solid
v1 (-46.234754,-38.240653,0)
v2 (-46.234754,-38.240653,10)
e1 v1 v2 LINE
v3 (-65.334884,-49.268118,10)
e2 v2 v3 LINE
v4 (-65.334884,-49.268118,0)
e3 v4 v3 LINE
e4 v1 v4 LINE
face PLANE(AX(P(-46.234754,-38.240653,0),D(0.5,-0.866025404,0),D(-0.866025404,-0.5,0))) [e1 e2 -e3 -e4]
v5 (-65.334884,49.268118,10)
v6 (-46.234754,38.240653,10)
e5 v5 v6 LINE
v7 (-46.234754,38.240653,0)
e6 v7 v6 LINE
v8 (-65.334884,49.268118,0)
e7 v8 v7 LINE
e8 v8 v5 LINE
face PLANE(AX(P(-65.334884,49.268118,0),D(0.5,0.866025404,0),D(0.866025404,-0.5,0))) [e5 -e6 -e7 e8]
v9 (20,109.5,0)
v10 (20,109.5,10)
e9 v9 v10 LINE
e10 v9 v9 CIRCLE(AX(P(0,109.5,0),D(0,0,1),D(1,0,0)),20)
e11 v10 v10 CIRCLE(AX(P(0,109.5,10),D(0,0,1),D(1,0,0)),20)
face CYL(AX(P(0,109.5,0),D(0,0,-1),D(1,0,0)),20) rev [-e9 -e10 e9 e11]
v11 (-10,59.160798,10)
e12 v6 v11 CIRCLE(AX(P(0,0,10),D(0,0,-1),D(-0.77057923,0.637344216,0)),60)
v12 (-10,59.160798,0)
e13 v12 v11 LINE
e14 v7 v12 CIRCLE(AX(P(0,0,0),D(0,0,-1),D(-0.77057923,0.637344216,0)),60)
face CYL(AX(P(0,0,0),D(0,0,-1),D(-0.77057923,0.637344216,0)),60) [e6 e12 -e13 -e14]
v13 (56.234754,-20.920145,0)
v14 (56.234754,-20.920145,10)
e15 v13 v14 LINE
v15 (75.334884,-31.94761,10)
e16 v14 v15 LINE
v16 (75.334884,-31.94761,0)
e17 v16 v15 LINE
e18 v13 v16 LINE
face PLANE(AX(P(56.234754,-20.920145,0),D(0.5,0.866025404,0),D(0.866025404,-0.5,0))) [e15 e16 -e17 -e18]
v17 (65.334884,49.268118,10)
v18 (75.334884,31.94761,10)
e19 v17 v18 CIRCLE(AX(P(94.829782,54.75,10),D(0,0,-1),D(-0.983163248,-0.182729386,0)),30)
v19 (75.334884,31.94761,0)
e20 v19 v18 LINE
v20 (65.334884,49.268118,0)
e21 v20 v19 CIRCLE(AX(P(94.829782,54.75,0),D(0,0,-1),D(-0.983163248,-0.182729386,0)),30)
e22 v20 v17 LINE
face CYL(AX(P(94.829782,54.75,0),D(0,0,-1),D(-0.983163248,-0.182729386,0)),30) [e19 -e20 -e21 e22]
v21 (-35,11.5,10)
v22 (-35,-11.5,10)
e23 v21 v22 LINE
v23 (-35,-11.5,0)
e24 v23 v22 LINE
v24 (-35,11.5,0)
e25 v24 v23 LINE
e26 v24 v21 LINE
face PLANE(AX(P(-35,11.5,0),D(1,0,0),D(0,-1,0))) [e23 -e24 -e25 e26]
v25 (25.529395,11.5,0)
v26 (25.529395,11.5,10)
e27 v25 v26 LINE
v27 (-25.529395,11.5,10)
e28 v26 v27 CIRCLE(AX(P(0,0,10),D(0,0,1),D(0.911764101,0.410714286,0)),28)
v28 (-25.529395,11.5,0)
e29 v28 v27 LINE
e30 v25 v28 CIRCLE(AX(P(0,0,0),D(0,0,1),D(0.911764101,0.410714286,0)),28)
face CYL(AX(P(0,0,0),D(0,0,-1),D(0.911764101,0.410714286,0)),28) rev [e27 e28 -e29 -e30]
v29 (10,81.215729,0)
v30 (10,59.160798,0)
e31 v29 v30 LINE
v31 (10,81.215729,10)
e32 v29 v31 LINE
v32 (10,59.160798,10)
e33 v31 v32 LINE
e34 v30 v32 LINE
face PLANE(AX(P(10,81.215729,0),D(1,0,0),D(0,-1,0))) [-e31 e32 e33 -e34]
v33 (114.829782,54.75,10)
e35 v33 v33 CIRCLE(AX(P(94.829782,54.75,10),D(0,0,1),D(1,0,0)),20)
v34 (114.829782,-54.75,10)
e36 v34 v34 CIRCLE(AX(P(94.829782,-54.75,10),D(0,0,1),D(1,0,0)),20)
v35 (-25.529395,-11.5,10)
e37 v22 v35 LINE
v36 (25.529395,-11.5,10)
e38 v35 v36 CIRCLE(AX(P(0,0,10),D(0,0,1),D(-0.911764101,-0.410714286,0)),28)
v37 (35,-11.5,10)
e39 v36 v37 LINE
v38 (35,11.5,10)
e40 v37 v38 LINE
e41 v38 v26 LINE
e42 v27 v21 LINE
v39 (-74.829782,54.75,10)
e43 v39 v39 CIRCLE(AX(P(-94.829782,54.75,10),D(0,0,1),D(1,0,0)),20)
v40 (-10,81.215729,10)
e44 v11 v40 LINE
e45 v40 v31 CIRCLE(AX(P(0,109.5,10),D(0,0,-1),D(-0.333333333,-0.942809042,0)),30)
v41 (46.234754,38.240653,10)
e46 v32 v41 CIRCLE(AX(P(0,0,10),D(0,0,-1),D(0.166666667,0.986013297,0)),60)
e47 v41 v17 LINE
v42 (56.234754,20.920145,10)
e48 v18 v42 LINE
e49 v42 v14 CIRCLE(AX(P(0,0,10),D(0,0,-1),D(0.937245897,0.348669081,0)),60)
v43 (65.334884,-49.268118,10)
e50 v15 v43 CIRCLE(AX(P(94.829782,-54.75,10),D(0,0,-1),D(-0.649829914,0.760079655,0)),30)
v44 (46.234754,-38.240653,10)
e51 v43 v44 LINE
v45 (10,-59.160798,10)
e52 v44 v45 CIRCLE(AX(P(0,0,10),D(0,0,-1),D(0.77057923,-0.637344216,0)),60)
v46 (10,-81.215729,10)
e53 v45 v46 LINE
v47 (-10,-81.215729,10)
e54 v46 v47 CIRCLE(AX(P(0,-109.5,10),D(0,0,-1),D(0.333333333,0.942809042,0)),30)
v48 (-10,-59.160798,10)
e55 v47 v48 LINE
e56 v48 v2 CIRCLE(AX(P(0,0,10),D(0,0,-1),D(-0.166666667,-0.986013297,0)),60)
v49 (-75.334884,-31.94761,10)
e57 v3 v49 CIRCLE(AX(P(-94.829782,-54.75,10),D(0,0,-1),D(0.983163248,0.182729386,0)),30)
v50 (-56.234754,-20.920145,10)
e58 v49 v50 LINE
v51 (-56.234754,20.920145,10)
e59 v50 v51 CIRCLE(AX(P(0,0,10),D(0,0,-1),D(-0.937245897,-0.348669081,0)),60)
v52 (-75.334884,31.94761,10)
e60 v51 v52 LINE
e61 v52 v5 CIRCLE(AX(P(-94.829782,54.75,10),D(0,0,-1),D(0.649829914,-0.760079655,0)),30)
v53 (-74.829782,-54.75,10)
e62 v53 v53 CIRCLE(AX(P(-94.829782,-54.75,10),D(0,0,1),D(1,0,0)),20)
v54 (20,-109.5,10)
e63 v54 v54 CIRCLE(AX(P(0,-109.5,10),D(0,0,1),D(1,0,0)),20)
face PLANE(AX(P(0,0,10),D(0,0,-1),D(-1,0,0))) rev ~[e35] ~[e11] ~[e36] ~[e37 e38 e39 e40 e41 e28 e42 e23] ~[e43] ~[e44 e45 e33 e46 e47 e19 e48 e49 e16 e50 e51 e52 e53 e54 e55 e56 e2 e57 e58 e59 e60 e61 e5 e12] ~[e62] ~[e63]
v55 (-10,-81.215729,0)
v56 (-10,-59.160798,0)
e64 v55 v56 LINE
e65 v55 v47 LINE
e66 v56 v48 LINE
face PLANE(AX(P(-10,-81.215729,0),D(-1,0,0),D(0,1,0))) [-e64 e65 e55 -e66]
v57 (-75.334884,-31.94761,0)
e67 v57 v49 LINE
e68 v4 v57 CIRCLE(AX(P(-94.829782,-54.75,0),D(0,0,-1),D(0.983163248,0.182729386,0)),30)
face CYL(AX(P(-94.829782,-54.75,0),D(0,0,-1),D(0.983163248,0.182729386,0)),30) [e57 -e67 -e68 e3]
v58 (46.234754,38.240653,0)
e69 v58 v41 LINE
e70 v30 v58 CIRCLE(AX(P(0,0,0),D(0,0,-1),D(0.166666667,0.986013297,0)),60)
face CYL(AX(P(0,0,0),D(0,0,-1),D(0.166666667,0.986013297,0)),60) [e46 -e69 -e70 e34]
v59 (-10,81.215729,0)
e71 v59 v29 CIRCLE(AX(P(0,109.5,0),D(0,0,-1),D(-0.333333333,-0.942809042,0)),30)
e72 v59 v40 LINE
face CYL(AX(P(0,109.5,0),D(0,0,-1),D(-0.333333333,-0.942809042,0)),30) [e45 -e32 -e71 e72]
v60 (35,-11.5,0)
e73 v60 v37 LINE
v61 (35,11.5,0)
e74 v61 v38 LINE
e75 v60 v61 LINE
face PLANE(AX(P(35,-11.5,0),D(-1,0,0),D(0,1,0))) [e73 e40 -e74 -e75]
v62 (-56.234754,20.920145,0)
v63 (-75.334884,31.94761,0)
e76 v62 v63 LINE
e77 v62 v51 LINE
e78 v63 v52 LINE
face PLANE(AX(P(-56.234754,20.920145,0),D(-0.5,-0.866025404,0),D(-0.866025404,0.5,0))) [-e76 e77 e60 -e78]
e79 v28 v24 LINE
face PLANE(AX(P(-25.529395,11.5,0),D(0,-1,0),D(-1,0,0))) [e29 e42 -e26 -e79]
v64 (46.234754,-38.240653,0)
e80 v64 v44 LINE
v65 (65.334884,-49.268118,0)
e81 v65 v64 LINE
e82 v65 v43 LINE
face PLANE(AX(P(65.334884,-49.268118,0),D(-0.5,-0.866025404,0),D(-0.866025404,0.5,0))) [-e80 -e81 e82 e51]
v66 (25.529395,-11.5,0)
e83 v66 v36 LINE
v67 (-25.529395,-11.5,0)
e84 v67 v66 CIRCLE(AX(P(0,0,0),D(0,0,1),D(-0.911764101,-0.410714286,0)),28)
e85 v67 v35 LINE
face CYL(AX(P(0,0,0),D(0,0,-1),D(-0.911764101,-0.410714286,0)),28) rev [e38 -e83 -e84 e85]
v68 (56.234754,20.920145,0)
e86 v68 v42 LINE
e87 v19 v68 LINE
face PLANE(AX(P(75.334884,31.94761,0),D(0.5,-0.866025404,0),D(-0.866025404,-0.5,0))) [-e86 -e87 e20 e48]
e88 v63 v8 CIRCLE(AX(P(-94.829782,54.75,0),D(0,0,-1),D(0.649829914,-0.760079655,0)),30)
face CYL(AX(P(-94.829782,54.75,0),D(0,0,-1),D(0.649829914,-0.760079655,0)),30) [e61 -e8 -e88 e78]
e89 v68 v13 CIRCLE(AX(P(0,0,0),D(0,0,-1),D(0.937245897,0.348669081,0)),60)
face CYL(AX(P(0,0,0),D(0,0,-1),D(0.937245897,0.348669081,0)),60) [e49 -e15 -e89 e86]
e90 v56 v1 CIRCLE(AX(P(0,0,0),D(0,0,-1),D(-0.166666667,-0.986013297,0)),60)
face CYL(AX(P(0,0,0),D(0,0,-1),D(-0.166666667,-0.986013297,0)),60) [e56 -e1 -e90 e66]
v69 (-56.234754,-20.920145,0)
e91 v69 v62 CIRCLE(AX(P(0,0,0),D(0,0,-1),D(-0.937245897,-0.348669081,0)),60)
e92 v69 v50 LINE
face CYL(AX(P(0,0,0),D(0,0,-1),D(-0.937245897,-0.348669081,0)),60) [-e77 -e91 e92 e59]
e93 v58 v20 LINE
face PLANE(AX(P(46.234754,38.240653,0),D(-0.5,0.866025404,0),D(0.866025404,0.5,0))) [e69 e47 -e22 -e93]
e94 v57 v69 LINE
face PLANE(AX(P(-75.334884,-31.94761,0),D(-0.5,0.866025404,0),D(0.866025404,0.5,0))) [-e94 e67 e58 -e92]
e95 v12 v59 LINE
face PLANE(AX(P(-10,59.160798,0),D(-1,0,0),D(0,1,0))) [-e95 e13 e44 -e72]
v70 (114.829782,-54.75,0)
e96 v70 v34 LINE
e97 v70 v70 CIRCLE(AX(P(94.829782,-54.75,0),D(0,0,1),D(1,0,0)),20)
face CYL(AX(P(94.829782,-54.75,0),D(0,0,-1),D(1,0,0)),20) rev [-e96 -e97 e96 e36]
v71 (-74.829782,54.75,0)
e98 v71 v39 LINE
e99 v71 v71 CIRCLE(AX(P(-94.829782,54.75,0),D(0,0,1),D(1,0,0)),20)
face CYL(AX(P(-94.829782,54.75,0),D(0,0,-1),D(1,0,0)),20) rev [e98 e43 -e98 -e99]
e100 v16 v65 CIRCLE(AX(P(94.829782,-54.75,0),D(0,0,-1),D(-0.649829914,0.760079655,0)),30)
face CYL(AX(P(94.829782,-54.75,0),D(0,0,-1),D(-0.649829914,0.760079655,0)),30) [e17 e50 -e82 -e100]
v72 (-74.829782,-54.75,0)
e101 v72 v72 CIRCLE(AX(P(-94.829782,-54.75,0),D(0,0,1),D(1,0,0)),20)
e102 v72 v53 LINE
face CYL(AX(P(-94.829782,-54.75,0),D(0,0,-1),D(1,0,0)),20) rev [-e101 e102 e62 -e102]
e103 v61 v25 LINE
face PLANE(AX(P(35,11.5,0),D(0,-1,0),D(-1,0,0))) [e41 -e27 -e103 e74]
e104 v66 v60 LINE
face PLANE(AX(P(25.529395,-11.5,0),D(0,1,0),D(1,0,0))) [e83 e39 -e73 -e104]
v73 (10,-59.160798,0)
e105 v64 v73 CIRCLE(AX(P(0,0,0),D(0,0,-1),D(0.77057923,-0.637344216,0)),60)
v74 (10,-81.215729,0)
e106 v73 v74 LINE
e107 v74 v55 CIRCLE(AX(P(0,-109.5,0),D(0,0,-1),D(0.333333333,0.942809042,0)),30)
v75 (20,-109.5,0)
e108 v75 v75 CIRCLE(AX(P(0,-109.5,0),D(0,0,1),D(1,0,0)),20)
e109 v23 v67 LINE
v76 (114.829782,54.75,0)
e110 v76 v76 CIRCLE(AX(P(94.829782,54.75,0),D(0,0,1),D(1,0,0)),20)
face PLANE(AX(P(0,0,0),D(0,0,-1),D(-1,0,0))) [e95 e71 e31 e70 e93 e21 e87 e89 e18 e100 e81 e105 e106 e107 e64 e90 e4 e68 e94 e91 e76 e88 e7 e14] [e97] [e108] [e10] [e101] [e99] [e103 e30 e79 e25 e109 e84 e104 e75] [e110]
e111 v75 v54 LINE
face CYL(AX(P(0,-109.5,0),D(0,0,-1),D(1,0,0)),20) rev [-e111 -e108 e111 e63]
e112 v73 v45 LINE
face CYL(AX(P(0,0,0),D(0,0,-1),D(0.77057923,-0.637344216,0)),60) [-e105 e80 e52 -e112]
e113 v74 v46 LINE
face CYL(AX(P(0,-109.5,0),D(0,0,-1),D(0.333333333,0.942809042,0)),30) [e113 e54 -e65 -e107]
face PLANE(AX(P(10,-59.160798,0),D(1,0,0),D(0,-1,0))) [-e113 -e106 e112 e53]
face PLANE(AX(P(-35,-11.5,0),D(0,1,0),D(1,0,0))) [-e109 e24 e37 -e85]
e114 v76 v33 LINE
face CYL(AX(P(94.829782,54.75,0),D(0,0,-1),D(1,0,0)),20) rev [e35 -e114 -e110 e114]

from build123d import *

# Parameters (mm, degrees)
SKETCH1_R           = 20
BOSS_EXTRUDE1_DEPTH = 10


with BuildPart() as part:
    # Sketch1 → Boss-Extrude1 (new body)
    with BuildSketch(Plane.XY):
        with BuildLine():
            Line((56.23475383, -20.920144878), (75.334884287, -31.947610338))
            ThreePointArc((75.334884287, -31.947610338), (120.810543828, -69.75), (65.334884287, -49.268118414))
            Line((65.334884287, -49.268118414), (46.23475383, -38.240652953))
            ThreePointArc((46.23475383, -38.240652953), (30, -51.961524227), (10, -59.160797831))
            Line((10, -59.160797831), (10, -81.215728753))
            ThreePointArc((10, -81.215728753), (0, -139.5), (-10, -81.215728753))
            Line((-10, -81.215728753), (-10, -59.160797831))
            ThreePointArc((-10, -59.160797831), (-30, -51.961524227), (-46.23475383, -38.240652953))
            Line((-46.23475383, -38.240652953), (-65.334884287, -49.268118414))
            ThreePointArc((-65.334884287, -49.268118414), (-120.810543828, -69.75), (-75.334884287, -31.947610338))
            Line((-75.334884287, -31.947610338), (-56.23475383, -20.920144878))
            ThreePointArc((-56.23475383, -20.920144878), (-60, 0), (-56.23475383, 20.920144878))
            Line((-56.23475383, 20.920144878), (-75.334884287, 31.947610338))
            ThreePointArc((-75.334884287, 31.947610338), (-120.810543828, 69.75), (-65.334884287, 49.268118414))
            Line((-65.334884287, 49.268118414), (-46.23475383, 38.240652953))
            ThreePointArc((-46.23475383, 38.240652953), (-30, 51.961524227), (-10, 59.160797831))
            Line((-10, 59.160797831), (-10, 81.215728753))
            ThreePointArc((-10, 81.215728753), (0, 139.5), (10, 81.215728753))
            Line((10, 81.215728753), (10, 59.160797831))
            ThreePointArc((10, 59.160797831), (30, 51.961524227), (46.23475383, 38.240652953))
            Line((46.23475383, 38.240652953), (65.334884287, 49.268118414))
            ThreePointArc((65.334884287, 49.268118414), (120.810543828, 69.75), (75.334884287, 31.947610338))
            Line((75.334884287, 31.947610338), (56.23475383, 20.920144878))
            ThreePointArc((56.23475383, 20.920144878), (60, 0), (56.23475383, -20.920144878))
        make_face()
        with Locations((94.829781714, 54.75)):
            Circle(SKETCH1_R, mode=Mode.SUBTRACT)
        with Locations((94.829781714, -54.75)):
            Circle(SKETCH1_R, mode=Mode.SUBTRACT)
        with Locations((0, -109.5)):
            Circle(SKETCH1_R, mode=Mode.SUBTRACT)
        with Locations((-94.829781714, -54.75)):
            Circle(SKETCH1_R, mode=Mode.SUBTRACT)
        with Locations((-94.829781714, 54.75)):
            Circle(SKETCH1_R, mode=Mode.SUBTRACT)
        with Locations((0, 109.5)):
            Circle(SKETCH1_R, mode=Mode.SUBTRACT)
        with BuildLine():
            ThreePointArc((25.529394822, 11.5), (0, 28), (-25.529394822, 11.5))
            Line((-25.529394822, 11.5), (-35, 11.5))
            Line((-35, 11.5), (-35, -11.5))
            Line((-35, -11.5), (-25.529394822, -11.5))
            ThreePointArc((-25.529394822, -11.5), (0, -28), (25.529394822, -11.5))
            Line((25.529394822, -11.5), (35, -11.5))
            Line((35, -11.5), (35, 11.5))
            Line((35, 11.5), (25.529394822, 11.5))
        make_face(mode=Mode.SUBTRACT)
    extrude(amount=BOSS_EXTRUDE1_DEPTH)


solid = part.part
